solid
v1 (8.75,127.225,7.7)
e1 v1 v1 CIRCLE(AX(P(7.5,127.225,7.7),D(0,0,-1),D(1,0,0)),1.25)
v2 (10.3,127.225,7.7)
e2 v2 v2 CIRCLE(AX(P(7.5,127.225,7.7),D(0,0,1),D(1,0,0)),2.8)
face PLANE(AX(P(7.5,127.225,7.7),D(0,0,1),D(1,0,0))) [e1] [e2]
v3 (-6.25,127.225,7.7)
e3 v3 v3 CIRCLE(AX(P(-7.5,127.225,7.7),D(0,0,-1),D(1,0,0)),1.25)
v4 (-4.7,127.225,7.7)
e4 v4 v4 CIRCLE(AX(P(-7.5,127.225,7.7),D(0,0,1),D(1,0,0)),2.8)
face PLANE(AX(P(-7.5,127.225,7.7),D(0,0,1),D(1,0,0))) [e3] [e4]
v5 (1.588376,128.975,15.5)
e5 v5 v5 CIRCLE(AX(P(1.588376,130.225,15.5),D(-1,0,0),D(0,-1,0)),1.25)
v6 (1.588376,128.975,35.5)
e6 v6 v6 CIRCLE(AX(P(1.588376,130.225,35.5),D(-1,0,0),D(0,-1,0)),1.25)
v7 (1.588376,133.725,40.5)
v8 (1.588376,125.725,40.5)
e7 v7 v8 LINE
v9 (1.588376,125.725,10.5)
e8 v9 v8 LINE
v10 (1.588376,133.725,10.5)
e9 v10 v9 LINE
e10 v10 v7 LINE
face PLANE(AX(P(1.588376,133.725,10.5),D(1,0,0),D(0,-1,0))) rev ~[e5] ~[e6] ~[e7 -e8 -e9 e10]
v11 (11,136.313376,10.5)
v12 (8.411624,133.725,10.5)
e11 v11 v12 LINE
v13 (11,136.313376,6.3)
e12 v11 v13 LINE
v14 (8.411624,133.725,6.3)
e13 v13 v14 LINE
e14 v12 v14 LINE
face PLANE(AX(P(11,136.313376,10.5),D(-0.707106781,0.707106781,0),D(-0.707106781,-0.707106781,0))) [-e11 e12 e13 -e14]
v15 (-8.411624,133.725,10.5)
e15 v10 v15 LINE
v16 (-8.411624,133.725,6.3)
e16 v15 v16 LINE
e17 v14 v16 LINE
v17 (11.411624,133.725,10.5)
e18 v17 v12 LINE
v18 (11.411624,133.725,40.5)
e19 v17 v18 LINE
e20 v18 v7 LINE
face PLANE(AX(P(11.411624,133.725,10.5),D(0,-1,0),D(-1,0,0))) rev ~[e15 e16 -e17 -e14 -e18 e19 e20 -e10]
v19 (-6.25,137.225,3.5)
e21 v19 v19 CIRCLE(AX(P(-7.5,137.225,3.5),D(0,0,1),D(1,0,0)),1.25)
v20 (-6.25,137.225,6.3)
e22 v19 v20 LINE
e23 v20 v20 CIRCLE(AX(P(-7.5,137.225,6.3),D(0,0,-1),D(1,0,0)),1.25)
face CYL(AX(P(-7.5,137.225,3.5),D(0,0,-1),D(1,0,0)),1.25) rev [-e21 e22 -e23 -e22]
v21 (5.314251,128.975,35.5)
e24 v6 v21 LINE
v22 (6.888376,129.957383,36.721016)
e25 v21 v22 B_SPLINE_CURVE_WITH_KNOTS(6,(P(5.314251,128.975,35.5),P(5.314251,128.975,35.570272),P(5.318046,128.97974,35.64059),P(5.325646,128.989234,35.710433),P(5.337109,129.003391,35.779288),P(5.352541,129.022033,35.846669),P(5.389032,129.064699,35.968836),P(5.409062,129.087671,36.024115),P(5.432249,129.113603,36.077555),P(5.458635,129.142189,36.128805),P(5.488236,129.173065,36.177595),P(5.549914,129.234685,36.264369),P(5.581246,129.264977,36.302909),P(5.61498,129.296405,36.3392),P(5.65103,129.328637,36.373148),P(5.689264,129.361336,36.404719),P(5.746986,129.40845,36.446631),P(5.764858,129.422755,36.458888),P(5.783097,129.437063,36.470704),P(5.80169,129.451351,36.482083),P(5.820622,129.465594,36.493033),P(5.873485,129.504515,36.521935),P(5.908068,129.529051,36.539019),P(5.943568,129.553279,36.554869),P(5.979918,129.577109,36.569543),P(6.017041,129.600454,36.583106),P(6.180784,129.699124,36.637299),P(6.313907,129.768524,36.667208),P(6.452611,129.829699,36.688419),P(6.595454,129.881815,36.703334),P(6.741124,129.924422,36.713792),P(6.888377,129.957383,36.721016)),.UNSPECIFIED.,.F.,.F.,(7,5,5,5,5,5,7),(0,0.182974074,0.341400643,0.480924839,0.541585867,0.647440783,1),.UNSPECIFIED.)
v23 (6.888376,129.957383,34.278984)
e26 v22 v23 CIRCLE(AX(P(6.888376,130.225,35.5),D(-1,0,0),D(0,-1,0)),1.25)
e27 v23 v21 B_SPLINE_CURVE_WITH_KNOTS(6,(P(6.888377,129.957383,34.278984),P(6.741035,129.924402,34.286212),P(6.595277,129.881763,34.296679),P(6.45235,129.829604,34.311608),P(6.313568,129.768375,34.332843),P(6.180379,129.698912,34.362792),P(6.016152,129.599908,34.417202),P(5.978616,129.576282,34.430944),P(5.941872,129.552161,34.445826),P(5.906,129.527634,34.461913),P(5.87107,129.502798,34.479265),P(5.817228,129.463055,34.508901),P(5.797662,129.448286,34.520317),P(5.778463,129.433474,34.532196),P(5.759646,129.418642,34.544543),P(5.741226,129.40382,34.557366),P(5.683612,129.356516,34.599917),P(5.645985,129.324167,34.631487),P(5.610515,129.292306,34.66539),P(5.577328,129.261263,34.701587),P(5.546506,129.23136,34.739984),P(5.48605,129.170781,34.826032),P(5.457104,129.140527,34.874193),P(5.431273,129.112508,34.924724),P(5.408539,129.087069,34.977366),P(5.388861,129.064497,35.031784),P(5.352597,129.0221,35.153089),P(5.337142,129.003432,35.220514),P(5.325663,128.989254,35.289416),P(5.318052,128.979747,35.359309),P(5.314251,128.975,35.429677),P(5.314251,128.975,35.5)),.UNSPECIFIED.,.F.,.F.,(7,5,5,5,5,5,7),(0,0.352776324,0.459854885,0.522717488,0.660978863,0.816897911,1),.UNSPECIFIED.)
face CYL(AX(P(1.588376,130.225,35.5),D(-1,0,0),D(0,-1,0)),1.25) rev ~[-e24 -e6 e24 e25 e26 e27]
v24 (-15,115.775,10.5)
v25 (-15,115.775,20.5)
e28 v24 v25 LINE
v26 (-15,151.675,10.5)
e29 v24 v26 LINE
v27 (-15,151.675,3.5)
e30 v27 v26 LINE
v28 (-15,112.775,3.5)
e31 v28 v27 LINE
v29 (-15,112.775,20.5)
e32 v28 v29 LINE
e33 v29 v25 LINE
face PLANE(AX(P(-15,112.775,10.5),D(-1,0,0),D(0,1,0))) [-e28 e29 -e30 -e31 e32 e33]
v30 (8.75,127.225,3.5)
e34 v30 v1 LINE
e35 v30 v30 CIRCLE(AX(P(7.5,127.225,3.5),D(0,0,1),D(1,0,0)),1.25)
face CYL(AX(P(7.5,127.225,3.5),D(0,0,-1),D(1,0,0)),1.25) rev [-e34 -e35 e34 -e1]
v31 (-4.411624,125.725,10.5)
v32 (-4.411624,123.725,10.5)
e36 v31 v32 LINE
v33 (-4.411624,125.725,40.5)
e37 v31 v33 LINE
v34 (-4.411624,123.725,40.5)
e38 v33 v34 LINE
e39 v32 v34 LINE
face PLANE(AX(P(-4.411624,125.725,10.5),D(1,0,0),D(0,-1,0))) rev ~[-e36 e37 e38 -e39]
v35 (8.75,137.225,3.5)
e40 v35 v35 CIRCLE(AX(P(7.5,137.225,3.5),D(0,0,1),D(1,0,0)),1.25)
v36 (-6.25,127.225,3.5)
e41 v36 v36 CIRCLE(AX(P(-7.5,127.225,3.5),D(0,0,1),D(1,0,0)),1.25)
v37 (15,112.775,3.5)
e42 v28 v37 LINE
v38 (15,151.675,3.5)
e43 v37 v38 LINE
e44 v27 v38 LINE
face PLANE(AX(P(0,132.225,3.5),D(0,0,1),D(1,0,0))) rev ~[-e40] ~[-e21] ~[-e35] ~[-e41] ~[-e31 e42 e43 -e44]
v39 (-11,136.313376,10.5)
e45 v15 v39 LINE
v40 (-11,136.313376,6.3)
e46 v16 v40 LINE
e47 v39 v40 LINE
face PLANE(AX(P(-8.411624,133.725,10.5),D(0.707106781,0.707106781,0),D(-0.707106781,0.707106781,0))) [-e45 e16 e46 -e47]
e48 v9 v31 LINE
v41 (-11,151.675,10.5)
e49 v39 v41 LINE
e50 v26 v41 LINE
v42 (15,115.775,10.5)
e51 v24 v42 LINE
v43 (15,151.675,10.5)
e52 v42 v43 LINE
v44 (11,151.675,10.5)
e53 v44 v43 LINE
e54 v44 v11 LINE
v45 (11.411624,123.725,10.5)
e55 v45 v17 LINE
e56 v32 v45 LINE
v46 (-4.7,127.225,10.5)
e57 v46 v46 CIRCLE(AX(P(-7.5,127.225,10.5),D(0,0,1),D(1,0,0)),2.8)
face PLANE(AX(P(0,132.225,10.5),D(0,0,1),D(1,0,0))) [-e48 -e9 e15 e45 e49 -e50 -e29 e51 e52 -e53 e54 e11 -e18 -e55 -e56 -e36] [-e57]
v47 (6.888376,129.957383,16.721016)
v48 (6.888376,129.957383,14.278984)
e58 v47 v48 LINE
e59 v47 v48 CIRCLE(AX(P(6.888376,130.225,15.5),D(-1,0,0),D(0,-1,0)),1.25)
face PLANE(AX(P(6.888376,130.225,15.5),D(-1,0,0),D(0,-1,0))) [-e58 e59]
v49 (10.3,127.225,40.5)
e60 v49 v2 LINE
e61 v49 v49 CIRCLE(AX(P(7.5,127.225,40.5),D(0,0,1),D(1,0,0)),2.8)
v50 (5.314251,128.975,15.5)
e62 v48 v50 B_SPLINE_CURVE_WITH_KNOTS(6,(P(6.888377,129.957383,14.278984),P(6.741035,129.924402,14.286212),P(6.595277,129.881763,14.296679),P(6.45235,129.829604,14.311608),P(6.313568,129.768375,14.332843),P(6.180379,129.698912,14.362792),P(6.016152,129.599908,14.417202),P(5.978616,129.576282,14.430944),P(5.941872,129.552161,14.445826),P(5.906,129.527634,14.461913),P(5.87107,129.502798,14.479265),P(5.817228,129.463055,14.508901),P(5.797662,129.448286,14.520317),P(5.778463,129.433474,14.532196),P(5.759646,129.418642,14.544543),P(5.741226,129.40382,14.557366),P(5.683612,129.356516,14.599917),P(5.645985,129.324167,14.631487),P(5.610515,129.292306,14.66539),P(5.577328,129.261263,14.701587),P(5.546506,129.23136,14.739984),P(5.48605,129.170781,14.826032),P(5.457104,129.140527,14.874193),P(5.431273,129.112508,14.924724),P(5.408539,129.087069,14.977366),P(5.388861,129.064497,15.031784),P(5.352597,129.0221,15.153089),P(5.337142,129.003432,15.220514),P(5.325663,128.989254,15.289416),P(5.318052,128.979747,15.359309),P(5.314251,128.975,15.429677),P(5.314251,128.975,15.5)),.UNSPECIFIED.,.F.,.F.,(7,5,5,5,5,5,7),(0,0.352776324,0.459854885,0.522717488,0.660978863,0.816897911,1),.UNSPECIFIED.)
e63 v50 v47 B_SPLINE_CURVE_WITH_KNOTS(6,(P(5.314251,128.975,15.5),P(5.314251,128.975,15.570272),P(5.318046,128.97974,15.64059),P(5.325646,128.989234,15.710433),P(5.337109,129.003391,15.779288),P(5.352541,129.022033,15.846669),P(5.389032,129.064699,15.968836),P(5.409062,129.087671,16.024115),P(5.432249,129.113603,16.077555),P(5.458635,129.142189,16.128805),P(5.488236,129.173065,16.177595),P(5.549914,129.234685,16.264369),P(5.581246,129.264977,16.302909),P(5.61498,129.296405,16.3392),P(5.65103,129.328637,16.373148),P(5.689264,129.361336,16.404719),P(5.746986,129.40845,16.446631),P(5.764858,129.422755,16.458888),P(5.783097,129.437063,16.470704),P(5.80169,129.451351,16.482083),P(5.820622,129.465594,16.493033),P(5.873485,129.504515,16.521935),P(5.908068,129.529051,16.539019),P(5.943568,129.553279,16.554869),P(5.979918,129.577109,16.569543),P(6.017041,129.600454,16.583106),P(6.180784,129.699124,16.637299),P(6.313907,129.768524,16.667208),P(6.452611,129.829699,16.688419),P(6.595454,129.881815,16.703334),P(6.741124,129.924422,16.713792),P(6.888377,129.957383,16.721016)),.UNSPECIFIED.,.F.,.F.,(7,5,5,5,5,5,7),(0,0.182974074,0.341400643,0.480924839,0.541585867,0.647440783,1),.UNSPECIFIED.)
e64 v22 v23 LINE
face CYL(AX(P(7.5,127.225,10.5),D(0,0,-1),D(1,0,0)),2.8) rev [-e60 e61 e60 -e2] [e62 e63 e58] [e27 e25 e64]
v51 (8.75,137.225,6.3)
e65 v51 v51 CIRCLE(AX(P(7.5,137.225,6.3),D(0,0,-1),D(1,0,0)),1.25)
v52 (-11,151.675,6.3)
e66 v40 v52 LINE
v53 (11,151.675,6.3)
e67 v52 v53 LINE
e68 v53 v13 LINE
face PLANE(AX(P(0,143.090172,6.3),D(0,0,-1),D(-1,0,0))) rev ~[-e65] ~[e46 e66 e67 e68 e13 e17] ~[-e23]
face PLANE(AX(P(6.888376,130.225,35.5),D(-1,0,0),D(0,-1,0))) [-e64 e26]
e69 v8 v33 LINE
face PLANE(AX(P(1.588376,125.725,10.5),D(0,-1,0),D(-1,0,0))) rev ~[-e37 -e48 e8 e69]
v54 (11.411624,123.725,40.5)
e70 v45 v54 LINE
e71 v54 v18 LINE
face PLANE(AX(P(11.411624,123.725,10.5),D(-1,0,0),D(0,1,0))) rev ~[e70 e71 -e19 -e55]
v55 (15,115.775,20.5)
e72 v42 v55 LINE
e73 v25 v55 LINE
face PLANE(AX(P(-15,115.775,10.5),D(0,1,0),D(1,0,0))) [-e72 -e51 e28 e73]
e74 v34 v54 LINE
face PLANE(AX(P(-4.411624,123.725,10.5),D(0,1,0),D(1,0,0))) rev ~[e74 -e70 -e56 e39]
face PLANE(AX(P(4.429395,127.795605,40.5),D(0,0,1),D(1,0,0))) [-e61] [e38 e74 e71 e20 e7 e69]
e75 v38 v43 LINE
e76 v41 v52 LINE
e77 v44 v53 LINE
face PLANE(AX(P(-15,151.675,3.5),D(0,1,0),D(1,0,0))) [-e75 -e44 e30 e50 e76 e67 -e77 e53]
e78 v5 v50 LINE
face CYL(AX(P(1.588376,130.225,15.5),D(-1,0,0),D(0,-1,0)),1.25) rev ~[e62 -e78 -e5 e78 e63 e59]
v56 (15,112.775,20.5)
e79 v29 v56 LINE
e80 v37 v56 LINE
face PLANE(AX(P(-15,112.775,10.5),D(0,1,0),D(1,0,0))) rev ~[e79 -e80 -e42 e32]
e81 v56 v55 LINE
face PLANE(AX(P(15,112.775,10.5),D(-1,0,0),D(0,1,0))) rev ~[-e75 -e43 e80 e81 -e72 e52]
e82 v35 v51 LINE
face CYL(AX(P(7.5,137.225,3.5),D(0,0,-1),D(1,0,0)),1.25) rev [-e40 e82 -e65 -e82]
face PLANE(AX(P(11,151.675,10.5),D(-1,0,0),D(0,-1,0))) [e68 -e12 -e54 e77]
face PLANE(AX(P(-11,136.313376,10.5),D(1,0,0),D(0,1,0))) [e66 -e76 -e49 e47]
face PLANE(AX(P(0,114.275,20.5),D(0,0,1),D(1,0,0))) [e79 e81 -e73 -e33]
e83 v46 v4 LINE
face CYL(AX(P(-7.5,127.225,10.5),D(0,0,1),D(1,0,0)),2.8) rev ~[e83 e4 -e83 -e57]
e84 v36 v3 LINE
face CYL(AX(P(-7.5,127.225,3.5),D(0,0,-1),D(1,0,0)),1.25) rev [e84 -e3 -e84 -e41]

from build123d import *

# Parameters (mm, degrees)
SKETCH016_W     = 30
SKETCH016_H     = 38.9
SKETCH016_R     = 1.25
PAD010_DEPTH    = 7
POCKET005_DEPTH = 4.2
SKETCH020_R     = 2.8
POCKET006_DEPTH = 2.8
SKETCH021_R     = 2.8
PAD011_DEPTH    = 30
SKETCH022_R     = 1.25
POCKET007_DEPTH = 5.3
SKETCH026_W     = 30
SKETCH026_H     = 3
PAD015_DEPTH    = 10


with BuildPart() as part:
    # Sketch016 (on Face1 of ReferencePad007) → Pad010 (new body)
    with BuildSketch(Plane.XY.offset(3.5)):
        with Locations((0, 132.225)):
            Rectangle(SKETCH016_W, SKETCH016_H)
        with Locations((-7.5, 137.225)):
            Circle(SKETCH016_R, mode=Mode.SUBTRACT)
        with Locations((-7.5, 127.225)):
            Circle(SKETCH016_R, mode=Mode.SUBTRACT)
        with Locations((7.5, 137.225)):
            Circle(SKETCH016_R, mode=Mode.SUBTRACT)
        with Locations((7.5, 127.225)):
            Circle(SKETCH016_R, mode=Mode.SUBTRACT)
    extrude(amount=PAD010_DEPTH)

    # Sketch019 (on Face10 of Pad010) → Pocket005 (cut)
    with BuildSketch(Plane.XY.offset(10.5)):
        Polygon((-8.411624, 133.725), (-11, 136.313376), (-11, 151.675), (11, 151.675), (11, 136.313376), (8.411624, 133.725), align=None)
    extrude(amount=-POCKET005_DEPTH, mode=Mode.SUBTRACT)

    # Sketch020 (on Face5 of Pocket005) → Pocket006 (cut)
    with BuildSketch(Plane.XY.offset(10.5)):
        with Locations((-7.5, 127.225)):
            Circle(SKETCH020_R)
        with Locations((7.5, 127.225)):
            Circle(SKETCH020_R)
    extrude(amount=-POCKET006_DEPTH, mode=Mode.SUBTRACT)

    # Sketch021 (on Face5 of Pocket006) → Pad011 (join)
    with BuildSketch(Plane.XY.offset(10.5)):
        Polygon((-4.411624, 123.725), (11.411624, 123.725), (11.411624, 133.725), (1.588376, 133.725), (1.588376, 125.725), (-4.411624, 125.725), align=None)
        with Locations((7.5, 127.225)):
            Circle(SKETCH021_R, mode=Mode.SUBTRACT)
    extrude(amount=PAD011_DEPTH)

    # Sketch022 (on Face14 of Pad011) → Pocket007 (cut)
    with BuildSketch(Plane(origin=(1.588376, 0, 8), x_dir=(0, -1, 0), z_dir=(-1, 0, 0))):
        with Locations((-130.225, 27.5)):
            Circle(SKETCH022_R)
        with Locations((-130.225, 7.5)):
            Circle(SKETCH022_R)
    extrude(amount=-POCKET007_DEPTH, mode=Mode.SUBTRACT)

    # Sketch026 (on Face5 of Pocket007) → Pad015 (join)
    with BuildSketch(Plane.XY.offset(10.5)):
        with Locations((0, 114.275)):
            Rectangle(SKETCH026_W, SKETCH026_H)
    extrude(amount=PAD015_DEPTH)


solid = part.part
